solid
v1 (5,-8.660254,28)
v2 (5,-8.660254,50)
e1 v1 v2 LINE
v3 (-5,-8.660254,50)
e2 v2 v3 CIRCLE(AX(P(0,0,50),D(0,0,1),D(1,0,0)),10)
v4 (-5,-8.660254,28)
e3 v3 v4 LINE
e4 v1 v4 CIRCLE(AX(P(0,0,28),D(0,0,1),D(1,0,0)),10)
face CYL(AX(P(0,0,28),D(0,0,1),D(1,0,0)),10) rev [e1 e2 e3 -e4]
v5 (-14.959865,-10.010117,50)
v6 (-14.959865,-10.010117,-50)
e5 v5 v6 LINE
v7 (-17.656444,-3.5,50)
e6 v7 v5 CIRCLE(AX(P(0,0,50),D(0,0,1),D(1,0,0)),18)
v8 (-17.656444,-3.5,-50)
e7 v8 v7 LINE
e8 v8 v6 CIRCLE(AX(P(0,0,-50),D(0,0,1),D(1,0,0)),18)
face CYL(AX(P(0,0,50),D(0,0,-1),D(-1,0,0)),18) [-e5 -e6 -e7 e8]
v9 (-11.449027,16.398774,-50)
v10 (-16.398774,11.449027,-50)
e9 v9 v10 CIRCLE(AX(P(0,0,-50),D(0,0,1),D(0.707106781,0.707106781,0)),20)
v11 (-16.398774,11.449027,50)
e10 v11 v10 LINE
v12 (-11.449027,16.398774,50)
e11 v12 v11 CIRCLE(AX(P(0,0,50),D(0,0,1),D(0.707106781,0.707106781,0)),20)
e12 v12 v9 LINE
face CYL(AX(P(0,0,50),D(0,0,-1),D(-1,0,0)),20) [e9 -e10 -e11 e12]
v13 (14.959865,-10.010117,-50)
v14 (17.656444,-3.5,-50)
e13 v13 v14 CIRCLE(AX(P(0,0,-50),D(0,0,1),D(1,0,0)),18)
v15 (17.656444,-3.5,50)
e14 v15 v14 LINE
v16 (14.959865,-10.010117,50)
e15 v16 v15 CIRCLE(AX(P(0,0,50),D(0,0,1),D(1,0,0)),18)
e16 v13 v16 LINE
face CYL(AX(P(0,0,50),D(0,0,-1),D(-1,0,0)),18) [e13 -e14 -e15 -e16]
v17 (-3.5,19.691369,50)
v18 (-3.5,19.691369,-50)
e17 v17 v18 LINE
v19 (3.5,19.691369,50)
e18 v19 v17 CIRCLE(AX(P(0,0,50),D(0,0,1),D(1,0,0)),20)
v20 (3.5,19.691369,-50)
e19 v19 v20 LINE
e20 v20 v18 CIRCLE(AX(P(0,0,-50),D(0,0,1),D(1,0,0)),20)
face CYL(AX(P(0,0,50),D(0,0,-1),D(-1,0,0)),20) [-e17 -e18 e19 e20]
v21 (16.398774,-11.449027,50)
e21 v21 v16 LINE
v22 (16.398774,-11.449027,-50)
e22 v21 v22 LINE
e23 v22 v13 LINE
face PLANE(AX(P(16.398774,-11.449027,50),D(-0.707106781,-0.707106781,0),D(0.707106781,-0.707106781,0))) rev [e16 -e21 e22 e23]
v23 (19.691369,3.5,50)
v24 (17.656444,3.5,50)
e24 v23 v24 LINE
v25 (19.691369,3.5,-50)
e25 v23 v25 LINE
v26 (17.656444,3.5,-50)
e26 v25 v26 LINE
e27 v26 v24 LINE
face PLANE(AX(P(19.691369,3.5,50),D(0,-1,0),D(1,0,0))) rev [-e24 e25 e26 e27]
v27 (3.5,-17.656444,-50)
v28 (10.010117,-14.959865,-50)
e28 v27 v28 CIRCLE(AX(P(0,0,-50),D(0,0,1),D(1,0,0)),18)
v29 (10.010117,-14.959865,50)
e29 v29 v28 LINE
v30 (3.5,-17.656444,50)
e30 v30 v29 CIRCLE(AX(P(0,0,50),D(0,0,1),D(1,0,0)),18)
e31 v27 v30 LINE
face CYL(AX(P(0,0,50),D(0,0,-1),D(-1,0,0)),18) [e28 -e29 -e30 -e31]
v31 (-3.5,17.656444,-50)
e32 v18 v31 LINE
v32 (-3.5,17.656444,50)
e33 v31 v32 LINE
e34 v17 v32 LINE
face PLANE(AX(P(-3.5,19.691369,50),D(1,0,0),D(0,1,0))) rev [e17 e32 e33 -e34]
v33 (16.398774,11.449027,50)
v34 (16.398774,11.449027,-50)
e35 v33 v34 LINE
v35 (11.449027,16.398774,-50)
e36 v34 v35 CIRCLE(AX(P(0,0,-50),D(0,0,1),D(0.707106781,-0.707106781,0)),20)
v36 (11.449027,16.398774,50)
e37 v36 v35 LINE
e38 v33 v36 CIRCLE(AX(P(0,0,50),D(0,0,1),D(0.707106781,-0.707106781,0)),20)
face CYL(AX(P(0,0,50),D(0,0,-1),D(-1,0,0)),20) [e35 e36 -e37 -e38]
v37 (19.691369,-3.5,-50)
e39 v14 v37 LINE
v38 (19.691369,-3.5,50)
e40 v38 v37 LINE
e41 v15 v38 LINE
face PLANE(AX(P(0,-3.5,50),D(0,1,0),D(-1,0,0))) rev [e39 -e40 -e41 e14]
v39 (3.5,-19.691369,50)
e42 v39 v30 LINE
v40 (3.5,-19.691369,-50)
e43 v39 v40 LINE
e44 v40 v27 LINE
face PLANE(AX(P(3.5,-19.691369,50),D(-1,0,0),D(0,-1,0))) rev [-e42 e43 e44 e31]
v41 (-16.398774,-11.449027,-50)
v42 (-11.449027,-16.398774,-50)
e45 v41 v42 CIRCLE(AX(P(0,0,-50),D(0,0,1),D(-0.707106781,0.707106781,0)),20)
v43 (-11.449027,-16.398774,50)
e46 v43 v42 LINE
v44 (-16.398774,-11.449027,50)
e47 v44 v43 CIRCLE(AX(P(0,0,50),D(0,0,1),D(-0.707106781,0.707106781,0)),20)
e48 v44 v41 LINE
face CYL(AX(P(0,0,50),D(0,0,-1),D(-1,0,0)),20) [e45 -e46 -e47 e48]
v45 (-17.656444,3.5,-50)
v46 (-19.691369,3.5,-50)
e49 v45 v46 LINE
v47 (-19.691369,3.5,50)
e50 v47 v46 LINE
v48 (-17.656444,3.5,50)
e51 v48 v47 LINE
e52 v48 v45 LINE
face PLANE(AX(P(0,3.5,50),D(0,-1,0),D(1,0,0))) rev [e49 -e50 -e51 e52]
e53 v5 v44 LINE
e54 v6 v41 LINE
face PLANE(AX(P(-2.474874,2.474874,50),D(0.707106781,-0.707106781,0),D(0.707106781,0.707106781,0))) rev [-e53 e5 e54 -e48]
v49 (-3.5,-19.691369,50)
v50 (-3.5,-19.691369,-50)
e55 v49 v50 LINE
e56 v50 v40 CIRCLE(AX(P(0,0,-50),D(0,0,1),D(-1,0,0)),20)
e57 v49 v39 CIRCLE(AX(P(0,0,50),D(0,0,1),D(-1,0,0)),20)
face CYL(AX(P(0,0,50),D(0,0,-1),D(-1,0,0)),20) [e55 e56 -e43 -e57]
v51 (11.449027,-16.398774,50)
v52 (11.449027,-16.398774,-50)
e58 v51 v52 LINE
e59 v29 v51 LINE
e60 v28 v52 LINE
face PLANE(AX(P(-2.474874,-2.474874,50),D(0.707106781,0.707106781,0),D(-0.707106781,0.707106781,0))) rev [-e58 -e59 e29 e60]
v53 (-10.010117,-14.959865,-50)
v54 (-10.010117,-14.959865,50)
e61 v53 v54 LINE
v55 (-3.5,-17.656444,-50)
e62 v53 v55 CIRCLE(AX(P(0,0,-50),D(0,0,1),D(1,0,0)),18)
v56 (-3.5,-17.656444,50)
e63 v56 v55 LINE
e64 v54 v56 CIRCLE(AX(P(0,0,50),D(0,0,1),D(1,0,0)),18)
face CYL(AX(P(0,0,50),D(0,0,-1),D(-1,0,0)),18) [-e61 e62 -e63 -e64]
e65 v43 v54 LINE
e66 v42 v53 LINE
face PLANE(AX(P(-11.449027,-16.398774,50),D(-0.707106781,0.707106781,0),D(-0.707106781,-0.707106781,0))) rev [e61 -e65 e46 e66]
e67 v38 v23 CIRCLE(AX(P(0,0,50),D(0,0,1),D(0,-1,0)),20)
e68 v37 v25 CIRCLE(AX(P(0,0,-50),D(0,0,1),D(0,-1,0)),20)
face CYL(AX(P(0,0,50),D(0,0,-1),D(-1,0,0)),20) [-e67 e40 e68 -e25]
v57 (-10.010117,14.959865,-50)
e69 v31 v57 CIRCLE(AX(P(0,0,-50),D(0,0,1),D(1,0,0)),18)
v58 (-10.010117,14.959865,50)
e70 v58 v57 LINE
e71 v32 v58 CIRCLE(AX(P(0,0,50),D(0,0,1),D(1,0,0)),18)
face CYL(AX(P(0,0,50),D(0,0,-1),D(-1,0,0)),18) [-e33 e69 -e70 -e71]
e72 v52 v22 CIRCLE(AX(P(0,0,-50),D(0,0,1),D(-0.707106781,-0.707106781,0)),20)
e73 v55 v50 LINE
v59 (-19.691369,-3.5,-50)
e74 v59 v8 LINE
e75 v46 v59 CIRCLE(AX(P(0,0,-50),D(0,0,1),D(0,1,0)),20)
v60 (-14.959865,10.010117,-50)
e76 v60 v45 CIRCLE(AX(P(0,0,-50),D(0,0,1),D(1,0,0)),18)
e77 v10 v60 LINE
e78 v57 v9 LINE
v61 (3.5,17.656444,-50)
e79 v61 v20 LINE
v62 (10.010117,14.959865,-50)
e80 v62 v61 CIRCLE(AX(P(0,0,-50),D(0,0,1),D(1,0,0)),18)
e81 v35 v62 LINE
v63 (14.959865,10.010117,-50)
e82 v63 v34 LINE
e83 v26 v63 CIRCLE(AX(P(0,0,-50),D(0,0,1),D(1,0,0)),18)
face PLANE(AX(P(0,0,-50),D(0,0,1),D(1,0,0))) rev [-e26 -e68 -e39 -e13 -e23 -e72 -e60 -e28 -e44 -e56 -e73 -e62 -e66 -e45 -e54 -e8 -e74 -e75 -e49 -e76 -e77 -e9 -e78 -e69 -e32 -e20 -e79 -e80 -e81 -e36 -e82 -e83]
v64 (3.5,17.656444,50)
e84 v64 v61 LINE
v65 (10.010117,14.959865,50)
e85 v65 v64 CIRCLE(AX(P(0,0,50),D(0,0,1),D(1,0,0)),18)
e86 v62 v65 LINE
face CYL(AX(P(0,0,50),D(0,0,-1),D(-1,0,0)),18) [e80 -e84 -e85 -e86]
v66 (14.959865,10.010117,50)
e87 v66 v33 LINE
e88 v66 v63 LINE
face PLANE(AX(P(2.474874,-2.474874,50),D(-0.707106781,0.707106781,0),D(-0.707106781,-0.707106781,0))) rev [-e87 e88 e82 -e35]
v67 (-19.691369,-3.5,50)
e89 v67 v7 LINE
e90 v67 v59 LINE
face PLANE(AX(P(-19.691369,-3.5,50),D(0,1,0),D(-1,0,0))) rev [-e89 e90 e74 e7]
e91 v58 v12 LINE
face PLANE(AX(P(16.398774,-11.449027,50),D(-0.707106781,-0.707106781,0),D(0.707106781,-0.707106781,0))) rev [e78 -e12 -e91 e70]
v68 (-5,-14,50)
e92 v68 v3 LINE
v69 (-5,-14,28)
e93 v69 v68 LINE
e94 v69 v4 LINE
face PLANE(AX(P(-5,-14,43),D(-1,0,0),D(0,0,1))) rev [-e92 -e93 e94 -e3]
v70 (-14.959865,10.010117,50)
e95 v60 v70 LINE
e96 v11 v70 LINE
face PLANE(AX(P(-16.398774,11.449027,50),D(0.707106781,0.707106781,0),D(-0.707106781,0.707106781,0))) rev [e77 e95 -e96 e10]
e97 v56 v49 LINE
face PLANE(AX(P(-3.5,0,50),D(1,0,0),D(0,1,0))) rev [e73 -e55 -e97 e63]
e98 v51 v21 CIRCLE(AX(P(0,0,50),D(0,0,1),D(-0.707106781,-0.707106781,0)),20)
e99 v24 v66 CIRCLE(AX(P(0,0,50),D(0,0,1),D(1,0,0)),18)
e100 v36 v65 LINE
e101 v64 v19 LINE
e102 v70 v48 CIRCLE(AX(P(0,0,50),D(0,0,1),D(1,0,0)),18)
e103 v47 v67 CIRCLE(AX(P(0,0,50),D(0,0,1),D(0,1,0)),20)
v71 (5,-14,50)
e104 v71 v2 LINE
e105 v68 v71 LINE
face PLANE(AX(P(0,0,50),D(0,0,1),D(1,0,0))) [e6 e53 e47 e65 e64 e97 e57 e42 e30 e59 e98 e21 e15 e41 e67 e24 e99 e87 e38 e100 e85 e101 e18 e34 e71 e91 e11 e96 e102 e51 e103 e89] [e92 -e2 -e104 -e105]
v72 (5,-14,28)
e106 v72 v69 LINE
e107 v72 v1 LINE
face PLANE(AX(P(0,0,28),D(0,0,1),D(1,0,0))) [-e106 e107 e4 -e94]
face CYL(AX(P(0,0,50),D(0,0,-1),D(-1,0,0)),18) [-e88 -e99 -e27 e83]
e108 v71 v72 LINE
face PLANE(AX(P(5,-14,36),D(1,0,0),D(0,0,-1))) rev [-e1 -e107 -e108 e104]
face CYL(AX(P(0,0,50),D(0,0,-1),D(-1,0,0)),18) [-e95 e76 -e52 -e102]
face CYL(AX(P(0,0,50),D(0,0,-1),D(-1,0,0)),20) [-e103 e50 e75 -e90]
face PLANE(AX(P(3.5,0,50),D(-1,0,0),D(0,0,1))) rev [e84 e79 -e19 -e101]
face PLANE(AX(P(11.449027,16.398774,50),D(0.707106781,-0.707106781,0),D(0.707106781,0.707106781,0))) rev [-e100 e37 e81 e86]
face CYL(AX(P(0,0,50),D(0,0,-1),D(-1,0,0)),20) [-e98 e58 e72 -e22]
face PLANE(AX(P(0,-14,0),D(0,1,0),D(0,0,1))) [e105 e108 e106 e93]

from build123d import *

# Parameters (mm, degrees)
SKETCH1_R           = 18
BASEKEY_DEPTH       = 50
RECTANGLE_DEPTH     = 50
RECTANGLEPAT_COUNT  = 8
SKETCH_1_R          = 10
CUT_EXTRUDE_1_DEPTH = 22
CUT_EXTRUDE_2_DEPTH = 14


with BuildPart() as part:
    # Sketch1 → BaseKey (new, symmetric)
    with BuildSketch(Plane.XY):
        Circle(SKETCH1_R)
    extrude(amount=BASEKEY_DEPTH, both=True)

    # Sketch2 → Rectangle (add, symmetric)
    with BuildSketch(Plane.XY):
        with BuildLine():
            Line((-3.5, 19.691368668), (-3.5, 0))
            Line((-3.5, 0), (3.5, 0))
            Line((3.5, 0), (3.5, 19.691368668))
            ThreePointArc((3.5, 19.691368668), (0, 20), (-3.5, 19.691368668))
        make_face()
    rectangle = extrude(amount=RECTANGLE_DEPTH, both=True)

    # RectanglePat: Rectangle ×8 about axis
    rectanglepat_axis = Axis((0, 0, 0), (0, 0, 1))
    for i in range(1, RECTANGLEPAT_COUNT):
        add(rectangle.rotate(rectanglepat_axis, i * 360 / RECTANGLEPAT_COUNT))

    # 草图1 → 切除-拉伸1 (cut)
    with BuildSketch(Plane.XY.offset(50)):
        Circle(SKETCH_1_R)
    extrude(amount=-CUT_EXTRUDE_1_DEPTH, mode=Mode.SUBTRACT)

    # 草图2 → 切除-拉伸2 (cut)
    with BuildSketch(Plane(origin=(0, 0, 0), x_dir=(1, 0, 0), z_dir=(0, 1, 0))):
        Polygon((0, -50), (5, -50), (5, -43), (5, -36), (5, -28), (-5, -28), (-5, -36), (-5, -43), (-5, -50), align=None)
    extrude(amount=-CUT_EXTRUDE_2_DEPTH, mode=Mode.SUBTRACT)


solid = part.part
